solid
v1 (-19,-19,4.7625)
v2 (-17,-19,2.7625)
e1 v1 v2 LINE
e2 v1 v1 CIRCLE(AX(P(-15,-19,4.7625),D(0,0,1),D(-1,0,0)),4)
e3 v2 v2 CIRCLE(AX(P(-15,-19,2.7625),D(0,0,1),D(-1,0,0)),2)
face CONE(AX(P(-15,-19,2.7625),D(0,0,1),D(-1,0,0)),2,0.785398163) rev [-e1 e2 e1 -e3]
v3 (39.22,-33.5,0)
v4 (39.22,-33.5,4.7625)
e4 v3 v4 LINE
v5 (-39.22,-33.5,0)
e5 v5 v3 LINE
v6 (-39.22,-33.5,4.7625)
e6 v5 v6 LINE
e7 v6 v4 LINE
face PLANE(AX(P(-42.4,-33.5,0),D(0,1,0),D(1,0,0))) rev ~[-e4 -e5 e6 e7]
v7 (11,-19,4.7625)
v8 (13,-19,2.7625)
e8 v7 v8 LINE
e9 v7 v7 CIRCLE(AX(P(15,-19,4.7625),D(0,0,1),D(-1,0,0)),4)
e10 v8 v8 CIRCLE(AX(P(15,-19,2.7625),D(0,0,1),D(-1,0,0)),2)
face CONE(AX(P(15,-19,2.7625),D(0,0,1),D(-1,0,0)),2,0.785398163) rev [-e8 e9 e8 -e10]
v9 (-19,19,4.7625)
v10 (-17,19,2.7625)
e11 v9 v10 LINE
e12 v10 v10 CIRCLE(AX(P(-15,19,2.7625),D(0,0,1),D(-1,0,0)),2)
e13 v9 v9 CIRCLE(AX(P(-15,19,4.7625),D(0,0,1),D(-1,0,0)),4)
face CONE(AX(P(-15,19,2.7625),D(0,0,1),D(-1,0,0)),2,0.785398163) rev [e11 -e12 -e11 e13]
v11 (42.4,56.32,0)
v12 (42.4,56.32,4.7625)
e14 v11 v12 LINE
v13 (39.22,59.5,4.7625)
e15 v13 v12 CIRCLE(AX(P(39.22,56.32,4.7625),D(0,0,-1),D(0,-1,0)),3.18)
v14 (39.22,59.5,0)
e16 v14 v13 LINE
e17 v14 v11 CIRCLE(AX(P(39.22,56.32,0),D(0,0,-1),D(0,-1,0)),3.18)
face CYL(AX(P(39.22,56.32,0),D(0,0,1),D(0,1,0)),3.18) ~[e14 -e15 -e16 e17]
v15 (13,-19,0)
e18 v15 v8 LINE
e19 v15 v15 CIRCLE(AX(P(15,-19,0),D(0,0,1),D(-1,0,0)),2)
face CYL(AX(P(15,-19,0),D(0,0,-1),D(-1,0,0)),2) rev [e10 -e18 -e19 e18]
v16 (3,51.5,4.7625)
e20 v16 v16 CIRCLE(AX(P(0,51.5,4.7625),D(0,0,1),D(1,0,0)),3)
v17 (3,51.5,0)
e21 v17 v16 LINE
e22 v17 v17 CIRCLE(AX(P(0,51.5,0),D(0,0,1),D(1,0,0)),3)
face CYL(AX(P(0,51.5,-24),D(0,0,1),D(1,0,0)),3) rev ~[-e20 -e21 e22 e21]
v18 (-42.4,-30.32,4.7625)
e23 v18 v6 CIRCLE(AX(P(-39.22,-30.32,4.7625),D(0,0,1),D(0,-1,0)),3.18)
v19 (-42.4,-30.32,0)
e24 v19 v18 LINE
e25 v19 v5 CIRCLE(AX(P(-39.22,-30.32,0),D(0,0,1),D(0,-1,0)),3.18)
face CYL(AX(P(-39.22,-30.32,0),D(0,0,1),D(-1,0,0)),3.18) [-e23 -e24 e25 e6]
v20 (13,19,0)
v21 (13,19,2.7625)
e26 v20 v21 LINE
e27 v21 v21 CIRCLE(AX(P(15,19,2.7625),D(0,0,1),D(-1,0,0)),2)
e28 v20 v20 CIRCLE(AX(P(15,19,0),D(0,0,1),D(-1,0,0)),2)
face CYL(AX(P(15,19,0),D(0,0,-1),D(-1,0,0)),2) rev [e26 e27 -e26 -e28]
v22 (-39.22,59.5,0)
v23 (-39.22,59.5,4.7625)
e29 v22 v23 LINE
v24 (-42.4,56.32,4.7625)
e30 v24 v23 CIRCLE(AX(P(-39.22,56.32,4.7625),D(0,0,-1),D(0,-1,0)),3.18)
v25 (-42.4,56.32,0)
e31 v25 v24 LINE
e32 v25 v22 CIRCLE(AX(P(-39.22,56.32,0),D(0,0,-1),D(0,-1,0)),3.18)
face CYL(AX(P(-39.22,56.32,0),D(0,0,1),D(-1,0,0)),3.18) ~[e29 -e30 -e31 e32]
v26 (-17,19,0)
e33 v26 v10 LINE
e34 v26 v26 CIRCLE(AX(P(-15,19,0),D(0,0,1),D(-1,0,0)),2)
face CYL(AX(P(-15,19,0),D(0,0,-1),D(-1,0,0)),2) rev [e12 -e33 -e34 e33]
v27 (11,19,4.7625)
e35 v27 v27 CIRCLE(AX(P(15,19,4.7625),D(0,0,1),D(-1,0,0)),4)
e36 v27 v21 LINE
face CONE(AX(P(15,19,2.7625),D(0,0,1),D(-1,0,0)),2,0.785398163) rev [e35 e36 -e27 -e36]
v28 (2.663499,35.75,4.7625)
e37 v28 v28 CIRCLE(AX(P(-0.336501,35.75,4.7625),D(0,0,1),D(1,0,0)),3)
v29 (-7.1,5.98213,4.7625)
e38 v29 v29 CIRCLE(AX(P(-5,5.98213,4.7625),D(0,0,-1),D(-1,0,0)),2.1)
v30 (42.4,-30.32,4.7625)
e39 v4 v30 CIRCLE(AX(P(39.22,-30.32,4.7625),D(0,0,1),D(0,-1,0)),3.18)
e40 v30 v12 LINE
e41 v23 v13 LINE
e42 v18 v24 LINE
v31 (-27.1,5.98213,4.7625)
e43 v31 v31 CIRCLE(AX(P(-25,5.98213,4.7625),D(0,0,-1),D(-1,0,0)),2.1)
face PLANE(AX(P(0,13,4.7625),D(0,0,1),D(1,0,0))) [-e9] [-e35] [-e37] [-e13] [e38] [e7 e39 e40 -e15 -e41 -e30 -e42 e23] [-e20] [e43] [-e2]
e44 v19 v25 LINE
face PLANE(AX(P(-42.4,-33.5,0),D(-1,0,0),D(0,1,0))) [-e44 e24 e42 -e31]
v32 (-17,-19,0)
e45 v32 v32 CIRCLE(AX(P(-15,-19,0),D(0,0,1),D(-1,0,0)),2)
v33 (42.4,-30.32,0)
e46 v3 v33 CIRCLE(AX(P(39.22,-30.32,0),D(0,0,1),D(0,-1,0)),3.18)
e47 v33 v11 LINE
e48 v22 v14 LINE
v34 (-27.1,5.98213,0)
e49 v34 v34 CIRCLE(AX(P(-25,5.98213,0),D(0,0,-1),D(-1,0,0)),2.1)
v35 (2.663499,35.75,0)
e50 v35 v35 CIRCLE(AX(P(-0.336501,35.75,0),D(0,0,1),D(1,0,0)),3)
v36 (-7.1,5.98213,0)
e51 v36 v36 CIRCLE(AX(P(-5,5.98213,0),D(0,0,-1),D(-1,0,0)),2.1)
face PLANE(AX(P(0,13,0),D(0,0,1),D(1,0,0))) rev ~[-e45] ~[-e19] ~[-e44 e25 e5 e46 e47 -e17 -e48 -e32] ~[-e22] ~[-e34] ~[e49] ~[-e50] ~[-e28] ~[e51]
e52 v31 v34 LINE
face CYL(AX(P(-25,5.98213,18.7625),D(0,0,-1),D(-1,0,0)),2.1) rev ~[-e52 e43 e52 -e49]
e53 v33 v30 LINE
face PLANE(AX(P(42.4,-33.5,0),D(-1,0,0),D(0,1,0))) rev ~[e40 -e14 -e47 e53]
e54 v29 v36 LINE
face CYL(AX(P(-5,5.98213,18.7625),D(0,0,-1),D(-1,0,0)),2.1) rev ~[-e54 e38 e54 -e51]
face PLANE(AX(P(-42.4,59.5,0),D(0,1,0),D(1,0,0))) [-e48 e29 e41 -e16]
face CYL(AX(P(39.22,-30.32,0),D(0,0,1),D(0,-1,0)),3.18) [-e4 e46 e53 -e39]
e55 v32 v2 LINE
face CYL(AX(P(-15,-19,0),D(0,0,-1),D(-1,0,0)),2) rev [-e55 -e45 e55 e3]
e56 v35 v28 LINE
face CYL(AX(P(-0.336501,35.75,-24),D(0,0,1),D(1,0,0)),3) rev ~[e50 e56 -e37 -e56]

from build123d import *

# Parameters (mm, degrees)
SKETCH1_W                    = 84.8
SKETCH1_H                    = 93
SKETCH1_R                    = 2
BOSS_EXTRUDE1_DEPTH          = 4.7625
FILLET1_R                    = 3.18
F_6_0_6_DIAMETER_HOLE1_D     = 6
F_6_0_6_DIAMETER_HOLE1_DEPTH = 24
F_6_0_6_DIAMETER_HOLE1_TIP   = 1.802581857
CHAMFER1_SIZE                = 2
M5X0_8_TAPPED_HOLE1_D        = 4.2
M5X0_8_TAPPED_HOLE1_DEPTH    = 14
M5X0_8_TAPPED_HOLE1_TIP      = 1.2618073


with BuildPart() as part:
    # Sketch1 → Boss-Extrude1 (new body)
    with BuildSketch(Plane.XY):
        with Locations((0, 13)):
            Rectangle(SKETCH1_W, SKETCH1_H)
        with Locations(Location((15, -19, 0), (0, 0, 180))):
            Circle(SKETCH1_R, mode=Mode.SUBTRACT)
        with Locations(Location((-15, -19, 0), (0, 0, 180))):
            Circle(SKETCH1_R, mode=Mode.SUBTRACT)
        with Locations(Location((15, 19, 0), (0, 0, 180))):
            Circle(SKETCH1_R, mode=Mode.SUBTRACT)
        with Locations(Location((-15, 19, 0), (0, 0, 180))):
            Circle(SKETCH1_R, mode=Mode.SUBTRACT)
    extrude(amount=BOSS_EXTRUDE1_DEPTH)

    # Fillet1
    fillet1_edges = [part.edges().sort_by_distance(p)[0] for p in [
        (-42.4, -33.5, 2.38125),
        (-42.4, 59.5, 2.38125),
        (42.4, 59.5, 2.38125),
        (42.4, -33.5, 2.38125),
    ]]
    fillet(fillet1_edges, radius=FILLET1_R)

    # Ø6.0 (6) Diameter Hole1
    with Locations(Plane(origin=(0, 0, 0), x_dir=(-1, 0, 0), z_dir=(0, 0, -1))):
        with Locations((0, 51.5), (0.336501066, 35.75)):
            Hole(F_6_0_6_DIAMETER_HOLE1_D / 2, depth=F_6_0_6_DIAMETER_HOLE1_DEPTH)
            with Locations((0, 0, -(F_6_0_6_DIAMETER_HOLE1_DEPTH + F_6_0_6_DIAMETER_HOLE1_TIP / 2))):  # 118° drill point
                Cone(0, F_6_0_6_DIAMETER_HOLE1_D / 2, F_6_0_6_DIAMETER_HOLE1_TIP, mode=Mode.SUBTRACT)

    # Chamfer1
    chamfer1_edges = [part.edges().sort_by_distance(p)[0] for p in [
        (-13, -19, 4.7625),
        (17, 19, 4.7625),
        (-13, 19, 4.7625),
        (17, -19, 4.7625),
    ]]
    chamfer(chamfer1_edges, length=CHAMFER1_SIZE)

    # M5x0.8 Tapped Hole1
    with Locations(Plane.XY.offset(4.7625)):
        with Locations((-70.208358725, 8.341624021), (-69.847000611, 8.341624021), (-25, 5.982129573), (-5, 5.982129573)):
            Hole(M5X0_8_TAPPED_HOLE1_D / 2, depth=M5X0_8_TAPPED_HOLE1_DEPTH)
            with Locations((0, 0, -(M5X0_8_TAPPED_HOLE1_DEPTH + M5X0_8_TAPPED_HOLE1_TIP / 2))):  # 118° drill point
                Cone(0, M5X0_8_TAPPED_HOLE1_D / 2, M5X0_8_TAPPED_HOLE1_TIP, mode=Mode.SUBTRACT)


solid = part.part
